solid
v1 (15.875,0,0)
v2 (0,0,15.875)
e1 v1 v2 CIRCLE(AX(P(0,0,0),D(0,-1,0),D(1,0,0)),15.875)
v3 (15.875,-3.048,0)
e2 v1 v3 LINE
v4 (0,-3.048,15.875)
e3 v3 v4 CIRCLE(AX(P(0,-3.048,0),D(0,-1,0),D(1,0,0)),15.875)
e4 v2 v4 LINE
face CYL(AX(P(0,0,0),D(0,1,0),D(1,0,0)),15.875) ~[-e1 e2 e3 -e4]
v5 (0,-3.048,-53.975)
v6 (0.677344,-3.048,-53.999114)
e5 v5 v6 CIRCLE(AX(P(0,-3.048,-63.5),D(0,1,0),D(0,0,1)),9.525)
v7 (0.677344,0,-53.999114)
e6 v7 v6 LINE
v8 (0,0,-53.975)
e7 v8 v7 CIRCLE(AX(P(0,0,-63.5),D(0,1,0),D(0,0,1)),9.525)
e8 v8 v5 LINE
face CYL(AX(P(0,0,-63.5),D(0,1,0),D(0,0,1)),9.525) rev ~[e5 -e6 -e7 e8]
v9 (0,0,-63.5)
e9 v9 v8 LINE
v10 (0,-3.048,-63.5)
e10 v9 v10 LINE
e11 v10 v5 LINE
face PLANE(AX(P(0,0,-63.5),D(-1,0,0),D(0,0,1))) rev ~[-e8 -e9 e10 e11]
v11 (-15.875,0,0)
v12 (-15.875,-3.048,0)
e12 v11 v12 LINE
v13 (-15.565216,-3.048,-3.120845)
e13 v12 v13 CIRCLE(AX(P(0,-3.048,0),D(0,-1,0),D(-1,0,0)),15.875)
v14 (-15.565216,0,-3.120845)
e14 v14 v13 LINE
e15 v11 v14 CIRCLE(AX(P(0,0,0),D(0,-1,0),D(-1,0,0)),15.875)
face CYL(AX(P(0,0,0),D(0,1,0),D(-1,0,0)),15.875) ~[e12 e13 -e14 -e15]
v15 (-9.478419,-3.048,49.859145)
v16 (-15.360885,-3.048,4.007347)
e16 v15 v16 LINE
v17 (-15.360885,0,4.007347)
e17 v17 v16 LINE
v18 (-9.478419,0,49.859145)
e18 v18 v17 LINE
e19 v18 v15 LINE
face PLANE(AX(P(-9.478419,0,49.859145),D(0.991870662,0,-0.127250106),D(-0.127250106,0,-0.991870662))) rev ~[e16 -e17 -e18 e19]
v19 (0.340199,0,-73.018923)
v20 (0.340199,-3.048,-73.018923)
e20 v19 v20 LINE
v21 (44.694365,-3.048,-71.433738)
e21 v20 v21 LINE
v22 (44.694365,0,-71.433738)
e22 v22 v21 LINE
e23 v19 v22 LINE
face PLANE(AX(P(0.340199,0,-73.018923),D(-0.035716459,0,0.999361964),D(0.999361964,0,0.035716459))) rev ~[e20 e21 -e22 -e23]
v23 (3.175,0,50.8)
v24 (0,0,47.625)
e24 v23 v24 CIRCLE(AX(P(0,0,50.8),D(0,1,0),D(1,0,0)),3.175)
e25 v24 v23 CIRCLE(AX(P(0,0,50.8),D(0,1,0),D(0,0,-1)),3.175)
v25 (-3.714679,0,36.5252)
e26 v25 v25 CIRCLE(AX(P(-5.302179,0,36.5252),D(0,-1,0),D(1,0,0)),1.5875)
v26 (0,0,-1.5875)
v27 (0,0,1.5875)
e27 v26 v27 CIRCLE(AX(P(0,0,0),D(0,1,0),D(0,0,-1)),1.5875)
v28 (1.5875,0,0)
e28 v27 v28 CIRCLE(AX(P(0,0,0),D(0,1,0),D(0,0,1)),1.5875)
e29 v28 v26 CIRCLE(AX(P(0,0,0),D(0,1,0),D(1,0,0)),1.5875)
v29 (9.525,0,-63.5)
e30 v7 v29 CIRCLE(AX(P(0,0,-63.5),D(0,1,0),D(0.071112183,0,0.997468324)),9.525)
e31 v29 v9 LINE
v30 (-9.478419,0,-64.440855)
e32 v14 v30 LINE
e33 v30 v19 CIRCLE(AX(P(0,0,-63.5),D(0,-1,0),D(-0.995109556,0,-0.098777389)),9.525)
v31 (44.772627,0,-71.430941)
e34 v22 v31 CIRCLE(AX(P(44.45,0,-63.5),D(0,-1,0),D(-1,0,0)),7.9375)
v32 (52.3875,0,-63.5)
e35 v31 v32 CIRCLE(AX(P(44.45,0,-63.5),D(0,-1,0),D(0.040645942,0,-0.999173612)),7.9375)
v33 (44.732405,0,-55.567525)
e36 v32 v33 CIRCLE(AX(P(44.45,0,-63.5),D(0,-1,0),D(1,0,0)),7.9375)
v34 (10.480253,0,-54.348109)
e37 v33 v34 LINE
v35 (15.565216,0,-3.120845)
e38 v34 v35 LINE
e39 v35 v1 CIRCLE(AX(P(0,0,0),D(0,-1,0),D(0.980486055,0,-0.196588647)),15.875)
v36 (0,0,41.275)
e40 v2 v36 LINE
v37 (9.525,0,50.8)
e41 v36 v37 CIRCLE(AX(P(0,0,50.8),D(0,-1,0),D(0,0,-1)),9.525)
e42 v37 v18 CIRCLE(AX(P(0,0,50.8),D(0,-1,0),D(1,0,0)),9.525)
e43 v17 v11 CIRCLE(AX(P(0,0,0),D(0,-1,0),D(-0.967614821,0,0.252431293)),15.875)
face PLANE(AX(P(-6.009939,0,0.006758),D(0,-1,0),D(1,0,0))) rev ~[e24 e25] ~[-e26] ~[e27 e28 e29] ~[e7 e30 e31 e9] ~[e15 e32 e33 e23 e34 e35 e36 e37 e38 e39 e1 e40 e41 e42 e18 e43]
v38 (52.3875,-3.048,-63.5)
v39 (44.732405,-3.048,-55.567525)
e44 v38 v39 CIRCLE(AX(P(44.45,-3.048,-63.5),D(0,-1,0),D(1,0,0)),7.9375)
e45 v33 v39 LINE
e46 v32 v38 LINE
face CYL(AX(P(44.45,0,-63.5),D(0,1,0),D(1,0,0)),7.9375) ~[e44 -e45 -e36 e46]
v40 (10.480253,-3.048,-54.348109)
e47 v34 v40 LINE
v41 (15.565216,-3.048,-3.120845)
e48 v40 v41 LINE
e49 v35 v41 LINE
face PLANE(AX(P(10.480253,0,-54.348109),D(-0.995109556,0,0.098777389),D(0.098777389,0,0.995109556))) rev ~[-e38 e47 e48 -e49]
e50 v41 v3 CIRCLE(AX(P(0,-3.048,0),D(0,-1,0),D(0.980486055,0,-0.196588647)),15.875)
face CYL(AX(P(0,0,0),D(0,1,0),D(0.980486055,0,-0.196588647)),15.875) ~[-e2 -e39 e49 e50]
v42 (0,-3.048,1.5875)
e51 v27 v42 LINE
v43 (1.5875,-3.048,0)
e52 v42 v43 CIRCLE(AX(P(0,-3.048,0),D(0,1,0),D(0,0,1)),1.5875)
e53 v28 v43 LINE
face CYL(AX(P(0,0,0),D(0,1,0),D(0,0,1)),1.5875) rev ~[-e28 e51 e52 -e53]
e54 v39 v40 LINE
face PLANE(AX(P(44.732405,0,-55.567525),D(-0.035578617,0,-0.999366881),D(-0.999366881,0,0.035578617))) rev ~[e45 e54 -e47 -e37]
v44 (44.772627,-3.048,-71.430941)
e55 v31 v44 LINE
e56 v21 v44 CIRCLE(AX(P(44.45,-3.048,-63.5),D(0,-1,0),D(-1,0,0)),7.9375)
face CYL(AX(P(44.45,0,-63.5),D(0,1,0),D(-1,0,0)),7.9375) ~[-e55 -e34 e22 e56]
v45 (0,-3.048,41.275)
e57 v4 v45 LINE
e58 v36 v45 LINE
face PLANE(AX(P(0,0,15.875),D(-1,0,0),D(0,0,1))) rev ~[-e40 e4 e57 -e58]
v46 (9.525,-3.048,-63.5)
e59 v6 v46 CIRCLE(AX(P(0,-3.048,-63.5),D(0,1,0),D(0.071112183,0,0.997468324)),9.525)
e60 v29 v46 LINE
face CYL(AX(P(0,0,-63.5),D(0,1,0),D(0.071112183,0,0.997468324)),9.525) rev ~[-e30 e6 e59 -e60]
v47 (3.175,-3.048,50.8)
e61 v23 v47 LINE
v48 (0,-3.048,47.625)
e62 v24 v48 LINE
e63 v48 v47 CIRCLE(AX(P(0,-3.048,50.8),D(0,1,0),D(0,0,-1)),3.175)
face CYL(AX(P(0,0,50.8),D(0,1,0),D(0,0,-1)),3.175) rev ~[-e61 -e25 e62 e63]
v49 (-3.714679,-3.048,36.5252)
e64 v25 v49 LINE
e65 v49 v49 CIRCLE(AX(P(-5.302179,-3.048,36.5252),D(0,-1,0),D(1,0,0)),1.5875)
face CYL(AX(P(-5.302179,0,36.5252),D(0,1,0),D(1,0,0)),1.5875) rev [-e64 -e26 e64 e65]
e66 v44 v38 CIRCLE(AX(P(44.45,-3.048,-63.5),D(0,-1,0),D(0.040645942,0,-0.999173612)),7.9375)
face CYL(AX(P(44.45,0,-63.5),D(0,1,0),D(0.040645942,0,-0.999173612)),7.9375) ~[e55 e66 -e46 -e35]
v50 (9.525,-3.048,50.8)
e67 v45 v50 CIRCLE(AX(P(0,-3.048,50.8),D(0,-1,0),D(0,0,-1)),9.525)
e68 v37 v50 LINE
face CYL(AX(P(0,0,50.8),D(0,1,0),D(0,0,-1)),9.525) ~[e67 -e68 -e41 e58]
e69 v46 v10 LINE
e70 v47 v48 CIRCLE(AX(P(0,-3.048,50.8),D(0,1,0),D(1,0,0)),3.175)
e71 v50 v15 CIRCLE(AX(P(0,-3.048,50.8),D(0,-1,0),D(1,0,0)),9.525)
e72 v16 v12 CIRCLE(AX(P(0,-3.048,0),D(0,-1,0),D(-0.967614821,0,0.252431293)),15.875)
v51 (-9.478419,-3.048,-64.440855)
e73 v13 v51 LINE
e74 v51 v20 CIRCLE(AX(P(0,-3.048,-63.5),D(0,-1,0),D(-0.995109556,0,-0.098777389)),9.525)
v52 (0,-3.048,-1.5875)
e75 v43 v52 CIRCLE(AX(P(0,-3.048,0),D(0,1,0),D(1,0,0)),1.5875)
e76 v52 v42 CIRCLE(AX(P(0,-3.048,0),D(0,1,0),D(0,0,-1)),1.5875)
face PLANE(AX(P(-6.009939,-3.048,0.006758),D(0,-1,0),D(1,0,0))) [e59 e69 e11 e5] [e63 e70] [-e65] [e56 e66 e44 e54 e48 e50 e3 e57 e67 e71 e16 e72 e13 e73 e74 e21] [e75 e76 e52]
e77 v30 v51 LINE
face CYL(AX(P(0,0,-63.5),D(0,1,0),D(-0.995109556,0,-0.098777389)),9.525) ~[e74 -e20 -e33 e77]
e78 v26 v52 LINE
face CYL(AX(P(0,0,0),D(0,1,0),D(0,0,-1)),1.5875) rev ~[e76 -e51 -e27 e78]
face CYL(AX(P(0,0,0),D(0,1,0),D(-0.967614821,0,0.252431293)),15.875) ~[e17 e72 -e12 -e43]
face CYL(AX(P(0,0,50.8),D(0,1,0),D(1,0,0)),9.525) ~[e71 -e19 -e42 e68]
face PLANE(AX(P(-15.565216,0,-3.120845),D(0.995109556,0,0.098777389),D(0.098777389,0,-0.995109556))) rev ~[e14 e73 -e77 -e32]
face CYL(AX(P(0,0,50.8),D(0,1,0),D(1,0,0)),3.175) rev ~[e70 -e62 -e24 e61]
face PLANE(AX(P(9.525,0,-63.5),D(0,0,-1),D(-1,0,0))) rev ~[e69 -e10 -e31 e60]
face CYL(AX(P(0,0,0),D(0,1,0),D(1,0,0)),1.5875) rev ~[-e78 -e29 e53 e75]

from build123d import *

# Parameters (mm, degrees)
F0_R     = 1.5875
F1_DEPTH = 3.048


with BuildPart() as f1:
    # F0 (on Front) → F1 (new body)
    with BuildSketch(Plane.XZ):
        with BuildLine():
            ThreePointArc((0, -1.5875), (-1.5875, 0), (0, 1.5875))
            Line((0, 1.5875), (0, 15.875))
            ThreePointArc((0, 15.875), (-9.705642558, 12.5624889069), (-15.3608852875, 4.0073467761))
            Line((-15.3608852875, 4.0073467761), (-15.875, 0))
            Line((-15.875, 0), (-15.5652161214, -3.1208447723))
            ThreePointArc((-15.5652161214, -3.1208447723), (-10.0616155323, -12.27923116), (0, -15.875))
            Line((0, -15.875), (0, -1.5875))
        make_face()
        with BuildLine():
            Line((0, 15.875), (0, 1.5875))
            ThreePointArc((0, 1.5875), (1.1225320151, 1.1225320151), (1.5875, 0))
            ThreePointArc((1.5875, 0), (1.1225320151, -1.1225320151), (0, -1.5875))
            Line((0, -1.5875), (0, -15.875))
            ThreePointArc((0, -15.875), (10.0616155323, -12.27923116), (15.5652161214, -3.1208447723))
            Line((15.5652161214, -3.1208447723), (15.875, 0))
            ThreePointArc((15.875, 0), (11.2253201513, 11.2253201513), (0, 15.875))
        make_face()
        with BuildLine():
            ThreePointArc((-15.3608852875, 4.0073467761), (-9.705642558, 12.5624889069), (0, 15.875))
            Line((0, 15.875), (0, 41.275))
            ThreePointArc((0, 41.275), (-6.3939027463, 43.7399976862), (-9.4784185161, 49.859145371))
            Line((-9.4784185161, 49.859145371), (-15.3608852875, 4.0073467761))
        make_face()
        with Locations((-5.3021791391, 36.5252)):
            Circle(F0_R, mode=Mode.SUBTRACT)
        with BuildLine():
            Line((0.3401993292, -73.0189227025), (44.7726271669, -71.4309405471))
            ThreePointArc((44.7726271669, -71.4309405471), (38.9525891043, -69.2255898992), (36.5125, -63.5))
            Line((36.5125, -63.5), (9.5718104076, -63.5))
            Line((9.5718104076, -63.5), (9.525, -63.5))
            ThreePointArc((9.525, -63.5), (6.854415497, -70.1138198641), (0.3401993292, -73.0189227025))
        make_face()
        with BuildLine():
            ThreePointArc((15.5652161214, -3.1208447723), (10.0616155323, -12.27923116), (0, -15.875))
            Line((0, -15.875), (0, -53.975))
            ThreePointArc((0, -53.975), (0.3388863295, -53.9810304625), (0.6773435479, -53.999114214))
            Line((0.6773435479, -53.999114214), (10.4802529787, -54.3481091322))
            Line((10.4802529787, -54.3481091322), (15.5652161214, -3.1208447723))
        make_face()
        with BuildLine():
            Line((0, -53.975), (0, -15.875))
            ThreePointArc((0, -15.875), (-10.0616155323, -12.27923116), (-15.5652161214, -3.1208447723))
            Line((-15.5652161214, -3.1208447723), (-9.4784185161, -64.440854629))
            ThreePointArc((-9.4784185161, -64.440854629), (-7.0600023138, -57.1060972537), (0, -53.975))
        make_face()
        with BuildLine():
            ThreePointArc((-9.4784185161, 49.859145371), (-6.3939027463, 43.7399976862), (0, 41.275))
            ThreePointArc((0, 41.275), (6.7351920908, 44.0648079092), (9.525, 50.8))
            ThreePointArc((9.525, 50.8), (-0.4710035211, 60.3133475014), (-9.4784185161, 49.859145371))
        make_face()
        with BuildLine():
            ThreePointArc((3.175, 50.8), (2.2450640303, 48.5549359697), (0, 47.625))
            ThreePointArc((0, 47.625), (-2.2450640303, 53.0450640303), (3.175, 50.8))
        make_face(mode=Mode.SUBTRACT)
        with BuildLine():
            ThreePointArc((15.5652161214, -3.1208447723), (15.7973641936, -1.5680910484), (15.875, 0))
            Line((15.875, 0), (15.5652161214, -3.1208447723))
        make_face()
        with BuildLine():
            Line((-15.875, 0), (-15.3608852875, 4.0073467761))
            ThreePointArc((-15.3608852875, 4.0073467761), (-15.7459467632, 2.0200954261), (-15.875, 0))
        make_face()
        with BuildLine():
            Line((0, -63.5), (0, -53.975))
            ThreePointArc((0, -53.975), (-7.0600023138, -57.1060972537), (-9.4784185161, -64.440854629))
            ThreePointArc((-9.4784185161, -64.440854629), (-6.2667835008, -70.6730781088), (0.3401993292, -73.0189227025))
            ThreePointArc((0.3401993292, -73.0189227025), (6.854415497, -70.1138198641), (9.525, -63.5))
            Line((9.525, -63.5), (0, -63.5))
        make_face()
        with BuildLine():
            ThreePointArc((-15.875, 0), (-15.7973641936, -1.5680910484), (-15.5652161214, -3.1208447723))
            Line((-15.5652161214, -3.1208447723), (-15.875, 0))
        make_face()
        with BuildLine():
            Line((10.4802529787, -54.3481091322), (0.6773435479, -53.999114214))
            ThreePointArc((0.6773435479, -53.999114214), (6.9705567315, -57.0087009117), (9.525, -63.5))
            Line((9.525, -63.5), (9.5718104076, -63.5))
            Line((9.5718104076, -63.5), (10.4802529787, -54.3481091322))
        make_face()
        with BuildLine():
            Line((44.7324052746, -55.5675253854), (10.4802529787, -54.3481091322))
            Line((10.4802529787, -54.3481091322), (9.5718104076, -63.5))
            Line((9.5718104076, -63.5), (36.5125, -63.5))
            ThreePointArc((36.5125, -63.5), (38.9380895153, -57.7883672161), (44.7324052746, -55.5675253854))
        make_face()
        with BuildLine():
            ThreePointArc((52.3875, -63.5), (50.1616327839, -57.9880895153), (44.7324052746, -55.5675253854))
            ThreePointArc((44.7324052746, -55.5675253854), (38.9380895153, -57.7883672161), (36.5125, -63.5))
            ThreePointArc((36.5125, -63.5), (38.9525891043, -69.2255898992), (44.7726271669, -71.4309405471))
            ThreePointArc((44.7726271669, -71.4309405471), (50.1755898992, -68.9974108957), (52.3875, -63.5))
        make_face()
    extrude(amount=F1_DEPTH)


solid = f1.part
